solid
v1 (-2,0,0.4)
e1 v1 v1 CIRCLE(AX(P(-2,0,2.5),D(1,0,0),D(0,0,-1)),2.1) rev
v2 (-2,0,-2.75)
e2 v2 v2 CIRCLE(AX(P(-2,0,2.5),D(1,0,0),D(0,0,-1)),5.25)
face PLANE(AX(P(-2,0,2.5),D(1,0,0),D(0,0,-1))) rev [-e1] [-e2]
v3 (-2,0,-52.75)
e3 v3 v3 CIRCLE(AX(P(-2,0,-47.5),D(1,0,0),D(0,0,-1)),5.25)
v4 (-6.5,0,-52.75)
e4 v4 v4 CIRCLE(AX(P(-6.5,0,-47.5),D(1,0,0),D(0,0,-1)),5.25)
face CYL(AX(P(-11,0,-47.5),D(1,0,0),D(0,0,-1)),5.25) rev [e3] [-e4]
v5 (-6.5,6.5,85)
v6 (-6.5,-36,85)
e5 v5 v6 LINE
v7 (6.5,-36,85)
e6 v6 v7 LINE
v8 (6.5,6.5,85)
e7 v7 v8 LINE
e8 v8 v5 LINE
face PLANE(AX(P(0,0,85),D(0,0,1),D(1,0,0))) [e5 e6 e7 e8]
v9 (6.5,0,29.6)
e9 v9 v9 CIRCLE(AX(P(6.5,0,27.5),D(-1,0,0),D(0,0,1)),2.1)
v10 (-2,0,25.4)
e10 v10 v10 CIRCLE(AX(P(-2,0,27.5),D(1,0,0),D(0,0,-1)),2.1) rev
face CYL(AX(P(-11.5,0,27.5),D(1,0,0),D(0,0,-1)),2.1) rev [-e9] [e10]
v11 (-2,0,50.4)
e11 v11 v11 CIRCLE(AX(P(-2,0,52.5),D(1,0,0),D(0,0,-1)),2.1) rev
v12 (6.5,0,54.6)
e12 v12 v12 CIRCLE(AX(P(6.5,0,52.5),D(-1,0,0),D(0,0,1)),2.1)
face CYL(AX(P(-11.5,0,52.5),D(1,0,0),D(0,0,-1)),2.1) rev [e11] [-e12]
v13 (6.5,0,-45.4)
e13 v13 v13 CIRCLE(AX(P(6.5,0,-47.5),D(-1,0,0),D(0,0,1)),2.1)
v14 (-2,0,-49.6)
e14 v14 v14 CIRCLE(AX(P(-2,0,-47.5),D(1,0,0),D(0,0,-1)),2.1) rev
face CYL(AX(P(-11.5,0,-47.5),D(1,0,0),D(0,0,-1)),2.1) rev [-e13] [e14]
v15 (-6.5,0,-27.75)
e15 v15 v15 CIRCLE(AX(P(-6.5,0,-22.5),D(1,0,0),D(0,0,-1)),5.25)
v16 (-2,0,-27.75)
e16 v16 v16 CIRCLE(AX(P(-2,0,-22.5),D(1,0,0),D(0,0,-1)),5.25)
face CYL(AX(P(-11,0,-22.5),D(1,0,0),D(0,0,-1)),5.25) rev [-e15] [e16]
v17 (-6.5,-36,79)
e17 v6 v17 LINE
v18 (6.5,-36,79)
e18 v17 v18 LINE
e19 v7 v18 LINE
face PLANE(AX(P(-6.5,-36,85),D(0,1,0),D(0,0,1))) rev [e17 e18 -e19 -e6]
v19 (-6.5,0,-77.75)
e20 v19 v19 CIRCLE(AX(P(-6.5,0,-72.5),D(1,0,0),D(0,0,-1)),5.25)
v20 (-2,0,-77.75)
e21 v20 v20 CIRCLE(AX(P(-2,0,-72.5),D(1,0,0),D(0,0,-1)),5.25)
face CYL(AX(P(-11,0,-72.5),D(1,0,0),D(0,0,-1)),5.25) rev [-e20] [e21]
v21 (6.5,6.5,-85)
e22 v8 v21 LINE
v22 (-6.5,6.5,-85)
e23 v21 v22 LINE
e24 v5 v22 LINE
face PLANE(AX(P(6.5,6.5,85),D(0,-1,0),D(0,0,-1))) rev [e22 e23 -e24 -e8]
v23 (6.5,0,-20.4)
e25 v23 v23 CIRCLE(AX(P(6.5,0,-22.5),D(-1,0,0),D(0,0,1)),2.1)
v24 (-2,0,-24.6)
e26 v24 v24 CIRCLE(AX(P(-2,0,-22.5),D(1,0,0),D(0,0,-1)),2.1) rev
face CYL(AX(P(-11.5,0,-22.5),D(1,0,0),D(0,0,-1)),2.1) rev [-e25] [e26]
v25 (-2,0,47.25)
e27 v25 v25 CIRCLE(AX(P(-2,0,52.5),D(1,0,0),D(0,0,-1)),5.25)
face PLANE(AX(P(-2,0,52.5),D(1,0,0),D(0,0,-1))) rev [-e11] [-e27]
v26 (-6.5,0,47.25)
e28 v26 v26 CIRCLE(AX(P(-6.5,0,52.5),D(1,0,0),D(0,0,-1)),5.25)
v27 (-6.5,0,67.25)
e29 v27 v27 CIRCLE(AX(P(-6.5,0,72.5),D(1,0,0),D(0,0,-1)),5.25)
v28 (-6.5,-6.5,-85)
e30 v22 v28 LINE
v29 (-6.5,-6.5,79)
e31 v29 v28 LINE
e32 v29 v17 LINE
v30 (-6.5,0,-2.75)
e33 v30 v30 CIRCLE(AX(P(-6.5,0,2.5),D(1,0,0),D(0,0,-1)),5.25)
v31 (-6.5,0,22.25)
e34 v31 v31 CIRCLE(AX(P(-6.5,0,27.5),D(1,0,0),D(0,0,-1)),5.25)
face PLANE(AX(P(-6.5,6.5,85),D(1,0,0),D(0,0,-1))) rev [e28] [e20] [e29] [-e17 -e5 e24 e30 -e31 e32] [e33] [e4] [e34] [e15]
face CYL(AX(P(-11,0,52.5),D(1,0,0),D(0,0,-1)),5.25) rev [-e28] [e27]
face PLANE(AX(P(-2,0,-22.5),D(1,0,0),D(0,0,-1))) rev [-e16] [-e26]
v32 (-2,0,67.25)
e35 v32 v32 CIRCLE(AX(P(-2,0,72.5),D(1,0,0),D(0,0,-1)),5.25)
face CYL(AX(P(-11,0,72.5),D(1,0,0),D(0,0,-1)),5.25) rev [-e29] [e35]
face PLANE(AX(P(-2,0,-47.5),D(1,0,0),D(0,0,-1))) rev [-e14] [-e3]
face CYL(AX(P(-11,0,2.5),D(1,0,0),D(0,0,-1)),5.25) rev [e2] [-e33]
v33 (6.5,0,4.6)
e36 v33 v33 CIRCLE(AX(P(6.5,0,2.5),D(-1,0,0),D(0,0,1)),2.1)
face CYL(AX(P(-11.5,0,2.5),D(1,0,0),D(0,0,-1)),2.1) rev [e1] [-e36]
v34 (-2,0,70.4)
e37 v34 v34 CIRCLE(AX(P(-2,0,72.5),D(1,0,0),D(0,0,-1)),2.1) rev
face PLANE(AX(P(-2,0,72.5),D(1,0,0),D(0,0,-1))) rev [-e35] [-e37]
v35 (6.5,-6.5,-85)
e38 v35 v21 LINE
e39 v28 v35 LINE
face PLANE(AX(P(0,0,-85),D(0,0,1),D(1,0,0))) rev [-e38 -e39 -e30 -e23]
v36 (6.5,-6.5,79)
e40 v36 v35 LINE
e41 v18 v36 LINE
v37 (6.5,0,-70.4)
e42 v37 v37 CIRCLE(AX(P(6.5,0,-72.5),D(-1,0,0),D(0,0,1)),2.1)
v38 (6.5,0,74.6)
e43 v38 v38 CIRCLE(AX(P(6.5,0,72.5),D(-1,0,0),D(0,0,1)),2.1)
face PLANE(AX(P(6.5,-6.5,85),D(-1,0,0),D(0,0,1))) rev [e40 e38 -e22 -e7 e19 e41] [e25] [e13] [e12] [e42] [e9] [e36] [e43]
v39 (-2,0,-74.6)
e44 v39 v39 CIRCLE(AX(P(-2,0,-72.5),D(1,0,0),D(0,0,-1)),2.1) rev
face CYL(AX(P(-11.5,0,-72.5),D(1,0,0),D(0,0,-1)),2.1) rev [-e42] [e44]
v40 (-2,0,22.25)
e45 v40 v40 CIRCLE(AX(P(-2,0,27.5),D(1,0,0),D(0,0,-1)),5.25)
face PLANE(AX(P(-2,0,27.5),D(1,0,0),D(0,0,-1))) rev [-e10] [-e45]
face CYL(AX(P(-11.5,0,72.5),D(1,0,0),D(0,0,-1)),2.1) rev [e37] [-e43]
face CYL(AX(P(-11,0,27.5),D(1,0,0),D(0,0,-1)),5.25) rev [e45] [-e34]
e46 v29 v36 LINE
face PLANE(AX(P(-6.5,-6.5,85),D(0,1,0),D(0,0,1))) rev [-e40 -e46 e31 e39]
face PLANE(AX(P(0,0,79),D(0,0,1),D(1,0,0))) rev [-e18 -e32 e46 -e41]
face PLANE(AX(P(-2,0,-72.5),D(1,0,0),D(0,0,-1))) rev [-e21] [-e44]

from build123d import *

# Parameters (mm, degrees)
SKETCH1_W           = 13
SKETCH1_H           = 13
BOSS_EXTRUDE1_DEPTH = 85
SKETCH2_W           = 13
SKETCH2_H           = 30.5
BOSS_EXTRUDE2_DEPTH = 3
SKETCH3_R           = 2.1
CUT_EXTRUDE1_DEPTH  = 11.5
SKETCH4_R           = 5.25
CUT_EXTRUDE2_DEPTH  = 4.5


with BuildPart() as part:
    # Sketch1 → Boss-Extrude1 (new, symmetric)
    with BuildSketch(Plane.XY):
        Rectangle(SKETCH1_W, SKETCH1_H)
    extrude(amount=BOSS_EXTRUDE1_DEPTH, both=True)

    # Sketch2 → Boss-Extrude2 (add, symmetric)
    with BuildSketch(Plane.XY.offset(82)):
        with Locations((0, -20.75)):
            Rectangle(SKETCH2_W, SKETCH2_H)
    extrude(amount=BOSS_EXTRUDE2_DEPTH, both=True)

    # Sketch3 → Cut-Extrude1 (cut, symmetric)
    with BuildSketch(Plane(origin=(0, 0, 0), x_dir=(0, 0, -1), z_dir=(1, 0, 0))):
        with Locations((72.5, 0)):
            Circle(SKETCH3_R)
        with Locations((47.5, 0)):
            Circle(SKETCH3_R)
        with Locations((22.5, 0)):
            Circle(SKETCH3_R)
        with Locations((-2.5, 0)):
            Circle(SKETCH3_R)
        with Locations((-27.5, 0)):
            Circle(SKETCH3_R)
        with Locations((-52.5, 0)):
            Circle(SKETCH3_R)
        with Locations((-72.5, 0)):
            Circle(SKETCH3_R)
    extrude(amount=CUT_EXTRUDE1_DEPTH, both=True, mode=Mode.SUBTRACT)

    # Sketch4 → Cut-Extrude2 (cut, symmetric)
    with BuildSketch(Plane(origin=(-6.5, 0, 0), x_dir=(0, 0, -1), z_dir=(1, 0, 0))):
        with Locations((72.5, 0)):
            Circle(SKETCH4_R)
        with Locations((47.5, 0)):
            Circle(SKETCH4_R)
        with Locations((22.5, 0)):
            Circle(SKETCH4_R)
        with Locations((-2.5, 0)):
            Circle(SKETCH4_R)
        with Locations((-27.5, 0)):
            Circle(SKETCH4_R)
        with Locations((-52.5, 0)):
            Circle(SKETCH4_R)
        with Locations((-72.5, 0)):
            Circle(SKETCH4_R)
    extrude(amount=CUT_EXTRUDE2_DEPTH, both=True, mode=Mode.SUBTRACT)


solid = part.part
